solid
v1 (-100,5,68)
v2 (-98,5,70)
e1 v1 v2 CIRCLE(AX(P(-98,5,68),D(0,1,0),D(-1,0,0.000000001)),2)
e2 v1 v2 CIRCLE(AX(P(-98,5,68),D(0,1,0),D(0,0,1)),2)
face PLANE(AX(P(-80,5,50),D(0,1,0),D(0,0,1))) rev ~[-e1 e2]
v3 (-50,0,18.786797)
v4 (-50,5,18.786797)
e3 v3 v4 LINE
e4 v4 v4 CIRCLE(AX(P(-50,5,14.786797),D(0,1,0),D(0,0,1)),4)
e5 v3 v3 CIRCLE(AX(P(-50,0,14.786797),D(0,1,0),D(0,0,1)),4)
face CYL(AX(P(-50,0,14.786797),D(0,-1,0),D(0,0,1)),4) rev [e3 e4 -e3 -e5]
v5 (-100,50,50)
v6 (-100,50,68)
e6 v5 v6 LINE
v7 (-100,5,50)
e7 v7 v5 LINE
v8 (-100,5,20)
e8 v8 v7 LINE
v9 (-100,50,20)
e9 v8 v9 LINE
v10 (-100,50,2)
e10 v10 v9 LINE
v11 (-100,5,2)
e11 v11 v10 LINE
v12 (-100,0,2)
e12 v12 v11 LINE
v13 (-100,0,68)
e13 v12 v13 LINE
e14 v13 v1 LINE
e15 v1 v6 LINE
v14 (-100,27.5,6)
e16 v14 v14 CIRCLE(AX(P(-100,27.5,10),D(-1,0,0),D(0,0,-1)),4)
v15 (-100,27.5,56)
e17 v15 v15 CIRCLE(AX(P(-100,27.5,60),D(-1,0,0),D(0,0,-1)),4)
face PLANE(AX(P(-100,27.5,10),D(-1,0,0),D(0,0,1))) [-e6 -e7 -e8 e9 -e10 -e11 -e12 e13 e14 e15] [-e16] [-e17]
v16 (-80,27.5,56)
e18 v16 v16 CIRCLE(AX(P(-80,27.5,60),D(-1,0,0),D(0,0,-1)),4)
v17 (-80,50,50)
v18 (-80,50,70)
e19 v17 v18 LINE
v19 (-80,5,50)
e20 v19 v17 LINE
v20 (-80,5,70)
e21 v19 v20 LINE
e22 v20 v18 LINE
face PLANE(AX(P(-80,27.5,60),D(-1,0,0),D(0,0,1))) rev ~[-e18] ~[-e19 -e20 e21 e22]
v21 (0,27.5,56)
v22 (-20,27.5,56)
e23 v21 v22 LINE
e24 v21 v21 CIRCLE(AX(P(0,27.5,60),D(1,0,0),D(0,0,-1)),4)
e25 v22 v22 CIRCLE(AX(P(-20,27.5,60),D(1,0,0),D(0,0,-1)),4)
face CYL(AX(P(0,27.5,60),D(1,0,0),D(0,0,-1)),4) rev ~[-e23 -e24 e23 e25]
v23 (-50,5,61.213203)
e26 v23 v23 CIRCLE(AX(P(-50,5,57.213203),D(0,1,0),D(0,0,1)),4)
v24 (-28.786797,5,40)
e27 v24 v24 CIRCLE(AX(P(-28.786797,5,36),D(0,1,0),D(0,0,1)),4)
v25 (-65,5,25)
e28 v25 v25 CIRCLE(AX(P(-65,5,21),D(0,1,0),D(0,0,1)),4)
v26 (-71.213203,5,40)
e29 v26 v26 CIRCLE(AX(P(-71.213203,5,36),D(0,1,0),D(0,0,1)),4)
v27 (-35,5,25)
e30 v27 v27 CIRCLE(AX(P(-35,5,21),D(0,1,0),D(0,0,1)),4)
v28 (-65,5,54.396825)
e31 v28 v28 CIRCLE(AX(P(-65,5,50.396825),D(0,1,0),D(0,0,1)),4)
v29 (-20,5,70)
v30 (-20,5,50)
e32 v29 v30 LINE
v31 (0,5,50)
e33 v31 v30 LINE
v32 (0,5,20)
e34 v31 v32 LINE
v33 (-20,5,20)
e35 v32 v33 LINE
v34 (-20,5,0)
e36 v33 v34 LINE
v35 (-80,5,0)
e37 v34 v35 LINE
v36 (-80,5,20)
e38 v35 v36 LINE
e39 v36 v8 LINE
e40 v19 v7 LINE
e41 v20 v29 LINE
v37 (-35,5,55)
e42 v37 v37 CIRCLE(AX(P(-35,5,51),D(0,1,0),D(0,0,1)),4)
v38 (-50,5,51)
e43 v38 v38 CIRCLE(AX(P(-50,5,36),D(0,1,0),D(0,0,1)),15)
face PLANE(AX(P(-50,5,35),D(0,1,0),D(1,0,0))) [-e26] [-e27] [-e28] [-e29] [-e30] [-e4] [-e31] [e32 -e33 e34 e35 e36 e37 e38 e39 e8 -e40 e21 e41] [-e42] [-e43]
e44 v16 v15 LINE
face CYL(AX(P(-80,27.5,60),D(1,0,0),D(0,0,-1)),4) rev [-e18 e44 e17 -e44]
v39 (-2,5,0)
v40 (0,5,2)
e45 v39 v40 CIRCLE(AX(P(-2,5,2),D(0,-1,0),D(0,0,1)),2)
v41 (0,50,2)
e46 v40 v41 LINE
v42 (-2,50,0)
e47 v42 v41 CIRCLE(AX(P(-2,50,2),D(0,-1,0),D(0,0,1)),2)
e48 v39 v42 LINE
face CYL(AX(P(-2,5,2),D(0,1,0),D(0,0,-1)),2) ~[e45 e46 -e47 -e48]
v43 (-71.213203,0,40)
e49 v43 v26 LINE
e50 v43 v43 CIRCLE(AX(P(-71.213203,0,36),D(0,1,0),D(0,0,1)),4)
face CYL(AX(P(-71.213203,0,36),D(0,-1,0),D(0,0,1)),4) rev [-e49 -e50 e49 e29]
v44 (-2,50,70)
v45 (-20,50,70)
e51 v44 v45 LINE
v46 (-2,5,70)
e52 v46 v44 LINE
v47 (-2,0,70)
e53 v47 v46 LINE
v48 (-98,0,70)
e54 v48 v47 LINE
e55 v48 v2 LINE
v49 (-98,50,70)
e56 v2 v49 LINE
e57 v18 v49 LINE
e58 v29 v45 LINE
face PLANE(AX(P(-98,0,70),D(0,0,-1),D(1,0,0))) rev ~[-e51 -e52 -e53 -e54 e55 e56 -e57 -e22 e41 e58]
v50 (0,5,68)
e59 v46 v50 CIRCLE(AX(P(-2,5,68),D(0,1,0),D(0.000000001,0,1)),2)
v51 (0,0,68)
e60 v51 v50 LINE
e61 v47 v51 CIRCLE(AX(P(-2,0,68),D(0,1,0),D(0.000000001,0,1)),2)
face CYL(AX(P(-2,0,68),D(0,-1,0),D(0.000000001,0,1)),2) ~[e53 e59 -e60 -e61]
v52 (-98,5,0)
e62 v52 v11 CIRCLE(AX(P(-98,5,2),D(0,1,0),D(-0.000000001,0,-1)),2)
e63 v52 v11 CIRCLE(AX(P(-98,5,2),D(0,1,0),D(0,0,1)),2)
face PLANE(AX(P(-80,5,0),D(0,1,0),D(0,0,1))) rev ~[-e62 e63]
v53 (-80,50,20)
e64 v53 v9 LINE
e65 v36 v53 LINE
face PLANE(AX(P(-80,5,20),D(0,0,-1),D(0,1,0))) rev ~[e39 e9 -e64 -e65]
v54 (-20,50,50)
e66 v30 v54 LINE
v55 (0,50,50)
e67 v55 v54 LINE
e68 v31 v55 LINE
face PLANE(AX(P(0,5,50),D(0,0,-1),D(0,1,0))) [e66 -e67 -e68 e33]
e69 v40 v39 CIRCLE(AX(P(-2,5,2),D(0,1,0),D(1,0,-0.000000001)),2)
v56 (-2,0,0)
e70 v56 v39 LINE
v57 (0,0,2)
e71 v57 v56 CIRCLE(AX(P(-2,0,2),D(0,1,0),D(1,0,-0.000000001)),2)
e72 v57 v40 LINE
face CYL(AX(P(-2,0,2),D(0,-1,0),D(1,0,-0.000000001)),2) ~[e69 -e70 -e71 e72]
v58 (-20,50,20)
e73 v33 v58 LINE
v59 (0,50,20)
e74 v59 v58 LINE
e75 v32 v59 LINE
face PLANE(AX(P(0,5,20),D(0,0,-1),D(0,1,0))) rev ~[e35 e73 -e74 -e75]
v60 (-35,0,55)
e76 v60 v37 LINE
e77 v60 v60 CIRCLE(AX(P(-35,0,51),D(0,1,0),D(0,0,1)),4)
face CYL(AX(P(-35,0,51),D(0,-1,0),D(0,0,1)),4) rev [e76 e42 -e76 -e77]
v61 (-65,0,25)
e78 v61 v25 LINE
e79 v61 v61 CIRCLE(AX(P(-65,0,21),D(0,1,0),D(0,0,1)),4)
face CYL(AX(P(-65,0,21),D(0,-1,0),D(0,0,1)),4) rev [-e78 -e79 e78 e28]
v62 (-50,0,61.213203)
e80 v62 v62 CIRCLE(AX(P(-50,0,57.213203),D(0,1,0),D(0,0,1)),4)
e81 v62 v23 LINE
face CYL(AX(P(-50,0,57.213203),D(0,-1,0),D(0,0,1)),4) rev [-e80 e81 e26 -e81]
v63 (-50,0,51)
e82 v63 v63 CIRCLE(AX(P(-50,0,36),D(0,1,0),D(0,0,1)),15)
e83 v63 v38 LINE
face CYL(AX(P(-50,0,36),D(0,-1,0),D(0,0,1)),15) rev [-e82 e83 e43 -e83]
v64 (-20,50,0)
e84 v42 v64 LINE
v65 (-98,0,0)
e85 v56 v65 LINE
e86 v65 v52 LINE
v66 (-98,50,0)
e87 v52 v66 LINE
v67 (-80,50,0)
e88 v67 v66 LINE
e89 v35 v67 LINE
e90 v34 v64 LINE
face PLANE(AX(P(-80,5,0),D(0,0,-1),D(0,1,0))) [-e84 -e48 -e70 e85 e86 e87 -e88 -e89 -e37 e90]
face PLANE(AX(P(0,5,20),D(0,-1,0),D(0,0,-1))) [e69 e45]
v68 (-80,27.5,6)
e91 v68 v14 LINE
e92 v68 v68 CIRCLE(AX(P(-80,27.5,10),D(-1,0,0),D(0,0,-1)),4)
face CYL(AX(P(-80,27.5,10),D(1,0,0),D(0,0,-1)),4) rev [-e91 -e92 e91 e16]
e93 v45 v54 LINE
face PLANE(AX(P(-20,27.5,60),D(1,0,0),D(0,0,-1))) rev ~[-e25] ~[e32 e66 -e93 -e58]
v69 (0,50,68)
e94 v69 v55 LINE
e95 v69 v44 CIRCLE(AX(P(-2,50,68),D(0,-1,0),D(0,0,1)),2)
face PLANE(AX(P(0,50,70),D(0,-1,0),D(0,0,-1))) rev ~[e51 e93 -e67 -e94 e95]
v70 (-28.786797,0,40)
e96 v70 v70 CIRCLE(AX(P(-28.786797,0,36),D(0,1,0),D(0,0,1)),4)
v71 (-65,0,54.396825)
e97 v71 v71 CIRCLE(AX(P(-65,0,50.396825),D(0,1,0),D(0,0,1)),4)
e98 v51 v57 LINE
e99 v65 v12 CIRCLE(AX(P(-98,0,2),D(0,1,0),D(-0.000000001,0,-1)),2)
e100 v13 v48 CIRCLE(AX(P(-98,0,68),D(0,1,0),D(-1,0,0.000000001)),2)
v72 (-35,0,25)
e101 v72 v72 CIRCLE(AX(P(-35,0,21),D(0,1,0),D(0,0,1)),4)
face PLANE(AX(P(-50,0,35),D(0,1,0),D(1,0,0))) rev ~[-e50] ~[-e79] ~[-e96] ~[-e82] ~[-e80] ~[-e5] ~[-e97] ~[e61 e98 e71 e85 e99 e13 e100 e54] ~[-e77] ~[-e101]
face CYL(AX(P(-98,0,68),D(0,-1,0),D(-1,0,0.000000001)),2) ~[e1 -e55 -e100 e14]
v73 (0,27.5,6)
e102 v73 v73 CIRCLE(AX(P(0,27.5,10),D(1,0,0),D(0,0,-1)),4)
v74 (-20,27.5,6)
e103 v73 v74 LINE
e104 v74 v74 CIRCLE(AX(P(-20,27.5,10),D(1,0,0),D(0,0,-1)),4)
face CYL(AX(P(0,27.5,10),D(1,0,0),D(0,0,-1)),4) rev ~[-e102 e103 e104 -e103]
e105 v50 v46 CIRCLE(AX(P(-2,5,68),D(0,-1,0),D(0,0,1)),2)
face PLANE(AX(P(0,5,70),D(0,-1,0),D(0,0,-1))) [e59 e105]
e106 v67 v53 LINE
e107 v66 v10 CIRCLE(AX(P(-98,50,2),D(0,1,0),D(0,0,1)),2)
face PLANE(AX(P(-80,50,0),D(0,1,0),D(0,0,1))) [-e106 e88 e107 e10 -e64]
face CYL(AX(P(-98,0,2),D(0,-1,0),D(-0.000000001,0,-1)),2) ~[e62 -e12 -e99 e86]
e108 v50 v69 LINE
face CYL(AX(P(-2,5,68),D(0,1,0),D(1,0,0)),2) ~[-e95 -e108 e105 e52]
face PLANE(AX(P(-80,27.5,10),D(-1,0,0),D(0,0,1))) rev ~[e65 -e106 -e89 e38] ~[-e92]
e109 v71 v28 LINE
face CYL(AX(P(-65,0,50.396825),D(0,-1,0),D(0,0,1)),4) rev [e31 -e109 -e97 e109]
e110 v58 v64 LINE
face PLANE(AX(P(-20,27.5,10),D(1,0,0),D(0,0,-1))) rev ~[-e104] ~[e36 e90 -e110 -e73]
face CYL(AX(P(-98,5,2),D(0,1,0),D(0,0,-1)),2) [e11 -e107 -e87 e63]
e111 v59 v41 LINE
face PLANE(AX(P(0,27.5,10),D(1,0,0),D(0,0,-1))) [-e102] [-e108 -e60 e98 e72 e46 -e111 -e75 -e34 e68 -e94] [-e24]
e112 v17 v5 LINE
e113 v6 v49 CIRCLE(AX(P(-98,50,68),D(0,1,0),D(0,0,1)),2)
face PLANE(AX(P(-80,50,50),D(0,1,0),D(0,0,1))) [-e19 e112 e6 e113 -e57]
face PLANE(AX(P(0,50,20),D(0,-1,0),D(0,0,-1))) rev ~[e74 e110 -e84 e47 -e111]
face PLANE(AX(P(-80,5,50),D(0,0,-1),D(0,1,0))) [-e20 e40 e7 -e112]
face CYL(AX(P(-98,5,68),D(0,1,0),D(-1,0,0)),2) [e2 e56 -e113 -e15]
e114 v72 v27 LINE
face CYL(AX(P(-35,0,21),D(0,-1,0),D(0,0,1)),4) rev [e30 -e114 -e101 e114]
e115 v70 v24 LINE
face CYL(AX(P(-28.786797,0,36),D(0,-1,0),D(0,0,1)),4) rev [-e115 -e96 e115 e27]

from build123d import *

# Parameters (mm, degrees)
SKETCH1_R           = 15
SKETCH1_R_2         = 4
BOSS_EXTRUDE1_DEPTH = 5
SKETCH4_W           = 20
SKETCH4_H           = 45
SKETCH4_R           = 4
BOSS_EXTRUDE2_DEPTH = 20
BOSS_EXTRUDE3_START = -20
SKETCH6_W           = 20
SKETCH6_H           = 45
SKETCH6_R           = 4
BOSS_EXTRUDE3_DEPTH = 20
FILLET1_R           = 2
FILLET2_R           = 2
FILLET3_R           = 2


with BuildPart() as part:
    # Sketch1 → Boss-Extrude1 (new body)
    with BuildSketch(Plane(origin=(0, 0, 0), x_dir=(1, 0, 0), z_dir=(0, 1, 0))):
        with BuildLine():
            Line((-2, 0), (-98, 0))
            ThreePointArc((-98, 0), (-99.414213562, -0.585786438), (-100, -2))
            Line((-100, -2), (-100, -68))
            ThreePointArc((-100, -68), (-99.414213562, -69.414213562), (-98, -70))
            Line((-98, -70), (-2, -70))
            ThreePointArc((-2, -70), (-0.585786438, -69.414213562), (0, -68))
            Line((0, -68), (0, -2))
            ThreePointArc((0, -2), (-0.585786438, -0.585786438), (-2, 0))
        make_face()
        with Locations(Location((-50, -36, 0), (0, 0, 270))):
            Circle(SKETCH1_R, mode=Mode.SUBTRACT)
        with Locations(Location((-35, -21, 0), (0, 0, 270))):
            Circle(SKETCH1_R_2, mode=Mode.SUBTRACT)
        with Locations(Location((-65, -21, 0), (0, 0, 270))):
            Circle(SKETCH1_R_2, mode=Mode.SUBTRACT)
        with Locations(Location((-65, -50.396825397, 0), (0, 0, 270))):
            Circle(SKETCH1_R_2, mode=Mode.SUBTRACT)
        with Locations(Location((-35, -51, 0), (0, 0, 270))):
            Circle(SKETCH1_R_2, mode=Mode.SUBTRACT)
        with Locations(Location((-50, -14.786796564, 0), (0, 0, 270))):
            Circle(SKETCH1_R_2, mode=Mode.SUBTRACT)
        with Locations(Location((-28.786796564, -36, 0), (0, 0, 270))):
            Circle(SKETCH1_R_2, mode=Mode.SUBTRACT)
        with Locations(Location((-50, -57.213203436, 0), (0, 0, 270))):
            Circle(SKETCH1_R_2, mode=Mode.SUBTRACT)
        with Locations(Location((-71.213203436, -36, 0), (0, 0, 270))):
            Circle(SKETCH1_R_2, mode=Mode.SUBTRACT)
    extrude(amount=BOSS_EXTRUDE1_DEPTH)

    # Sketch4 → Boss-Extrude2 (add)
    # profile 1 of 2: a face of its own
    with BuildSketch(Plane(origin=(0, 0, 0), x_dir=(0, 0, -1), z_dir=(1, 0, 0))):
        with Locations((-10, 27.5)):
            Rectangle(SKETCH4_W, SKETCH4_H)
        with Locations((-10, 27.5)):
            Circle(SKETCH4_R, mode=Mode.SUBTRACT)
    # profile 2 of 2: a face of its own
    with BuildSketch(Plane(origin=(0, 0, 0), x_dir=(0, 0, -1), z_dir=(1, 0, 0))):
        with Locations((-60, 27.5)):
            Rectangle(SKETCH4_W, SKETCH4_H)
        with Locations((-60, 27.5)):
            Circle(SKETCH4_R, mode=Mode.SUBTRACT)
    extrude(amount=-BOSS_EXTRUDE2_DEPTH)

    # Sketch6 → Boss-Extrude3 (add)
    # profile 1 of 2: a face of its own
    with BuildSketch(Plane.ZY.offset(100).offset(BOSS_EXTRUDE3_START)):
        with Locations((10, 27.5)):
            Rectangle(SKETCH6_W, SKETCH6_H)
        with Locations(Location((10, 27.5, 0), (0, 0, 180))):
            Circle(SKETCH6_R, mode=Mode.SUBTRACT)
    # profile 2 of 2: a face of its own
    with BuildSketch(Plane.ZY.offset(100).offset(BOSS_EXTRUDE3_START)):
        with Locations((60, 27.5)):
            Rectangle(SKETCH6_W, SKETCH6_H)
        with Locations(Location((60, 27.5, 0), (0, 0, 180))):
            Circle(SKETCH6_R, mode=Mode.SUBTRACT)
    extrude(amount=BOSS_EXTRUDE3_DEPTH)

    # Fillet1
    fillet1_edges = [part.edges().sort_by_distance(p)[0] for p in [
        (-100, 27.5, 70),
        (-100, 27.5, 0),
    ]]
    fillet(fillet1_edges, radius=FILLET1_R)

    # Fillet2
    fillet2_edges = [part.edges().sort_by_distance(p)[0] for p in [
        (0, 27.5, 0),
    ]]
    fillet(fillet2_edges, radius=FILLET2_R)

    # Fillet3
    fillet3_edges = [part.edges().sort_by_distance(p)[0] for p in [
        (0, 27.5, 70),
    ]]
    fillet(fillet3_edges, radius=FILLET3_R)


solid = part.part
